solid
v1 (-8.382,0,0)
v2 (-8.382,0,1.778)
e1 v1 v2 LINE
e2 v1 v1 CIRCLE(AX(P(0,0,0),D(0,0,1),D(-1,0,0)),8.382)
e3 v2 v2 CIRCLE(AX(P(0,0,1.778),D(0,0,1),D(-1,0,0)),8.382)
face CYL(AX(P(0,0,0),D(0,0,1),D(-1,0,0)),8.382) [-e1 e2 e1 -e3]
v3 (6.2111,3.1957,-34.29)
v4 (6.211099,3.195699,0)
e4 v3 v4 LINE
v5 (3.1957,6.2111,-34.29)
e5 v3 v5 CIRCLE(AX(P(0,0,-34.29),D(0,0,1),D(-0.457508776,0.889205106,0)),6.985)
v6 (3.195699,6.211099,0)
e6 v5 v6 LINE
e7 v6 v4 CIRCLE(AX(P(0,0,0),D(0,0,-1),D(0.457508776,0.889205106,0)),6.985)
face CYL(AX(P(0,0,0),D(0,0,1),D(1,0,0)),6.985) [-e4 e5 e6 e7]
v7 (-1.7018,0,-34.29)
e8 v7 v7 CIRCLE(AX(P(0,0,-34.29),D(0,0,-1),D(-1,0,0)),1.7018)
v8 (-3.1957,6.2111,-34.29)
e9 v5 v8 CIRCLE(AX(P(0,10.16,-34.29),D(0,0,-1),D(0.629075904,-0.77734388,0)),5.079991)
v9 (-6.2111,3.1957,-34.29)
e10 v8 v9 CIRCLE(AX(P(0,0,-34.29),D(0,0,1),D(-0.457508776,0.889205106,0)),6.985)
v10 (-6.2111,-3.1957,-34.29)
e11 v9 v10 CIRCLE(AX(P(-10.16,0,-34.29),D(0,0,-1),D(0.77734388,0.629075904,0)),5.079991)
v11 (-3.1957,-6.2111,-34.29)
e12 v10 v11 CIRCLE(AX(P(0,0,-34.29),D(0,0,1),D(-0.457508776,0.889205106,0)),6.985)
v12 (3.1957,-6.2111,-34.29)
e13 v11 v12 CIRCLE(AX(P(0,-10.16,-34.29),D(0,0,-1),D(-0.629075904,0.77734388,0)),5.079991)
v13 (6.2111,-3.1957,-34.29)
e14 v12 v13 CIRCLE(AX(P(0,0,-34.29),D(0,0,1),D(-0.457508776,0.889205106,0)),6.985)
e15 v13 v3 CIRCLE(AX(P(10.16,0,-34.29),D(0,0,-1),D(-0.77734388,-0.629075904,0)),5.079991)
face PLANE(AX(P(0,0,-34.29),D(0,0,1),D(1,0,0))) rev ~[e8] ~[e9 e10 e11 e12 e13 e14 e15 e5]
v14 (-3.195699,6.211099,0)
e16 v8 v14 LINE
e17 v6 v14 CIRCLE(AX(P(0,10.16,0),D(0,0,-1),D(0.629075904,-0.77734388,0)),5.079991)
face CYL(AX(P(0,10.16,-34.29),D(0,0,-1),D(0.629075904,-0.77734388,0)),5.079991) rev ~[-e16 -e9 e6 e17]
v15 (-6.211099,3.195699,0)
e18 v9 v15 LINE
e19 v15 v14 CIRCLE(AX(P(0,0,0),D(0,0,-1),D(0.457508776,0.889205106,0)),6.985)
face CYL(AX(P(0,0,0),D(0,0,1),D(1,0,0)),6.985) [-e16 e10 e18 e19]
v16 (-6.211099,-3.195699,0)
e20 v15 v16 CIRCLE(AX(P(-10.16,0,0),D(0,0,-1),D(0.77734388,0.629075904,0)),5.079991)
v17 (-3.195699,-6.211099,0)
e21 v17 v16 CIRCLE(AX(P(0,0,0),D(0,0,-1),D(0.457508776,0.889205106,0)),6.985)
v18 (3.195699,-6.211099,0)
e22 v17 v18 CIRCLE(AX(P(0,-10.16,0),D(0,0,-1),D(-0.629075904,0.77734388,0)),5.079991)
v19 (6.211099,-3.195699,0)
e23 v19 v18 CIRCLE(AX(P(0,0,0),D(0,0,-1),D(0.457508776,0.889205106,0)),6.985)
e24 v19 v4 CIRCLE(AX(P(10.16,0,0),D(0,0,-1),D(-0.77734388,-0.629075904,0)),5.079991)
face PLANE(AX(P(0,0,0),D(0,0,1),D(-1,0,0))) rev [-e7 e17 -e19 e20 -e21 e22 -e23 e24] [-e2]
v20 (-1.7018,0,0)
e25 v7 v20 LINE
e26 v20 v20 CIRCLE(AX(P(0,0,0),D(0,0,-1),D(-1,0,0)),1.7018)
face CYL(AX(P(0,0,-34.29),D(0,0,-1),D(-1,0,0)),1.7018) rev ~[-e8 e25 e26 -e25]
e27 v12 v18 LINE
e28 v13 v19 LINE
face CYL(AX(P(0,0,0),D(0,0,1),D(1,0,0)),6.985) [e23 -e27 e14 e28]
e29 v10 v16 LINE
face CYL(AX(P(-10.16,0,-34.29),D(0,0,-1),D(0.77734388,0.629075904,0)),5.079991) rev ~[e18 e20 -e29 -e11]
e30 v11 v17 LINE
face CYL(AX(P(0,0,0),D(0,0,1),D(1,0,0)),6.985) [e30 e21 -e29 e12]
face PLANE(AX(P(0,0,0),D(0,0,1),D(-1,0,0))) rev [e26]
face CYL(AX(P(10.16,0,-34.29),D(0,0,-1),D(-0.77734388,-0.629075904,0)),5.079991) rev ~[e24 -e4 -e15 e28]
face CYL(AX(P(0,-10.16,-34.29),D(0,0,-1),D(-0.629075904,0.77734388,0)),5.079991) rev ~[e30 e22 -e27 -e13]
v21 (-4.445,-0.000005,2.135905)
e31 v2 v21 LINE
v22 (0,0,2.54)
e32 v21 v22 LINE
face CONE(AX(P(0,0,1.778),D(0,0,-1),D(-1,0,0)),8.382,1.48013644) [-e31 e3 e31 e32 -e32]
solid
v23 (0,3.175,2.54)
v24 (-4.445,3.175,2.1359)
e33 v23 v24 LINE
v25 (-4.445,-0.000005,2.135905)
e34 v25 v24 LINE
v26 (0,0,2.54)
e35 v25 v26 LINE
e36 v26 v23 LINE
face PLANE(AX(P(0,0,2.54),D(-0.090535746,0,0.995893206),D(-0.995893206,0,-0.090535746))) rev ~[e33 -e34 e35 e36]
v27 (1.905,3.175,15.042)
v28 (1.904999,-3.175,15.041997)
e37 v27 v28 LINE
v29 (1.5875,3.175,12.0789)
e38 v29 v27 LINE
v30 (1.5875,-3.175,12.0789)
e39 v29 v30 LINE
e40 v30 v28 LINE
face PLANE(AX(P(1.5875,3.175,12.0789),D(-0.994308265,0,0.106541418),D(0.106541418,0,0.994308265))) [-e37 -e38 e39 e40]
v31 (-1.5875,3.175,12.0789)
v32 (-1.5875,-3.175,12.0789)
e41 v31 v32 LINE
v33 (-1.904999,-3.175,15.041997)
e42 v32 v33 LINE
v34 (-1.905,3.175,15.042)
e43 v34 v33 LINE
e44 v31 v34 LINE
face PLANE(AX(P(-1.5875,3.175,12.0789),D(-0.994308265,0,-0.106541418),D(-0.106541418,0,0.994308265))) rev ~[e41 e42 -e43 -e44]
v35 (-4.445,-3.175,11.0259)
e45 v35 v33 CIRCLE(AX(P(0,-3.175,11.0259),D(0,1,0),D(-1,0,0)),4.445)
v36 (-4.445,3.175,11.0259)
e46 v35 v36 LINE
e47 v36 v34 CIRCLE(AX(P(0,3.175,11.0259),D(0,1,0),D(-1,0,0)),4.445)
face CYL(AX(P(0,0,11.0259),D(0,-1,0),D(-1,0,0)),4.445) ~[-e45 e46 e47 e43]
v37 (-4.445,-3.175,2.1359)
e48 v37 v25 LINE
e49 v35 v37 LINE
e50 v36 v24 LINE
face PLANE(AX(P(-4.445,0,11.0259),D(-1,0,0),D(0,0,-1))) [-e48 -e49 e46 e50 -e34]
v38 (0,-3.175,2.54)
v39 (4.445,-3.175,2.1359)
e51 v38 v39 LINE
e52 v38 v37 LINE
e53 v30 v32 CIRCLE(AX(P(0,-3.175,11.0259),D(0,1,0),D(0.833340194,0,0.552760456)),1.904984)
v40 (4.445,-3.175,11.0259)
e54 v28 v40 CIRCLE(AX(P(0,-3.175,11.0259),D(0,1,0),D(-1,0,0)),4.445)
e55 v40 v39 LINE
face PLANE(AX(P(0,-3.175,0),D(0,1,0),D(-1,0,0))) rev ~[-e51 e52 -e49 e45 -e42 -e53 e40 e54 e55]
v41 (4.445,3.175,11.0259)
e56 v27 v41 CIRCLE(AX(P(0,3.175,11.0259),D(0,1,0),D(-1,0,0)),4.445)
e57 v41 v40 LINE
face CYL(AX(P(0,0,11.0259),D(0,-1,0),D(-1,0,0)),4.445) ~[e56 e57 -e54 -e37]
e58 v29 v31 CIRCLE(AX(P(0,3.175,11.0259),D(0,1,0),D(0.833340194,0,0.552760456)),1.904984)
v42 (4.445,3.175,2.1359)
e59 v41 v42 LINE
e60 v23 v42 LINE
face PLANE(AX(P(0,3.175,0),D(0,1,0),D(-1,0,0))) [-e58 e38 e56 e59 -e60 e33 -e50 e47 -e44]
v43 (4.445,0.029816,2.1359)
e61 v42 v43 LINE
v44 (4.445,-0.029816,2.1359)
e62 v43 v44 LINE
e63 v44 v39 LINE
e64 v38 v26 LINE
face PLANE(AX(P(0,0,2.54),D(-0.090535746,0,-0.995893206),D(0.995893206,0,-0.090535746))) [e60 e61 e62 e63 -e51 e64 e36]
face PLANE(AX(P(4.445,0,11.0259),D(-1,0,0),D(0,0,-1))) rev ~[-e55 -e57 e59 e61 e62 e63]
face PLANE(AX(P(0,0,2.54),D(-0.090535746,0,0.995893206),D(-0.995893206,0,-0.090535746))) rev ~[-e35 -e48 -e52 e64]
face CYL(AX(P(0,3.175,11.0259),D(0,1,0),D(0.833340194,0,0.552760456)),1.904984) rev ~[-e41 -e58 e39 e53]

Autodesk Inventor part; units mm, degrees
ref_plane "YZ Plane" through (0, 0, 0) normal (1, 0, 0) x (0, 1, 0)
ref_plane "XZ Plane" through (0, 0, 0) normal (0, 1, 0) x (-1, 0, 0)
ref_plane "XY Plane" through (0, 0, 0) normal (0, 0, 1) x (1, 0, 0)
sketch "Sketch1" plane through (0, 0, 0) normal (0, 0, 1) x (1, 0, 0)
  circle A0 centre (0, 0) radius 6.985
  dimension "d0" = 13.97
extrude "Extrusion1" add sketch "Sketch1" against normal blind 34.29
sketch "Sketch2" plane through (0, 0, -34.29) normal (0, 0, -1) x (-1, 0, 0)
  circle A0 centre (0, 0) radius 1.7018
  dimension "d3" = 3.4036
extrude "Extrusion2" cut sketch "Sketch2" against normal blind 36.322
sketch "Sketch3" plane through (0, 0, -34.29) normal (0, 0, -1) x (-1, 0, 0)
  circle A0 centre (0, 0) radius 6.985 projected
  arc A1 (-3.1957, 6.2111) -> (3.1957, 6.2111) centre (0, 10.16) ccw
  circle A2 centre (0, 0) radius 6.985 projected
  line L0 (0, 10.16) -> (0, 0) construction
  dimension "d6" = 10.16
  dimension "d7" = 5.08
extrude "Extrusion3" cut sketch "Sketch3" against normal through all contours A1 A0 picked at (-0.9288, 6.328)
pattern_circular "Circular Pattern1" count 4 over 360 about axis through (0, 0, -34.29) along (0, 0, 1) of "Extrusion3"
sketch "Sketch4" plane through (0, 0, 0) normal (0, 1, 0) x (-1, 0, 0)
  line L0 (0, 0) -> (8.382, 0)
  line L1 (8.382, 0) -> (8.382, 1.778)
  line L2 (8.382, 1.778) -> (0, 2.54)
  line L3 (0, 2.54) -> (0, 0)
  line L4 (-3.1957, 0) -> (3.1957, 0) projected
  line L5 (0, -41.656) -> (0, 9.906) projected
  dimension "d13" = 8.382
  dimension "d14" = 1.778
  dimension "d15" = 2.54
revolve "Revolution1" add sketch "Sketch4" angle 360 about axis through (0, 0, -10) along (0, 0, 1)
sketch "Sketch5" plane through (0, 0, 0) normal (0, 1, 0) x (-1, 0, 0)
  arc A0 (0, 6.5809) -> (4.445, 11.0259) centre (0, 11.0259) ccw construction
  line L0 (0, 2.54) -> (-8.382, 1.778) projected
  line L1 (0, 2.54) -> (8.382, 1.778) projected
  line L2 (0, 2.54) -> (0, 11.0259) construction
  line L3 (-4.445, 11.0259) -> (-4.445, 2.1359)
  line L4 (4.445, 11.0259) -> (4.445, 2.1359)
  arc A1 (-4.445, 11.0259) -> (0, 6.5809) centre (0, 11.0259) ccw construction
  arc A2 (4.445, 11.0259) -> (-4.445, 11.0259) centre (0, 11.0259) ccw
  point P0 (0, 0)
  dimension "d17" = 8.89
  dimension "d18" = 8.89
extrude "Extrusion4" add sketch "Sketch5" along normal mid plane 6.35
sketch "Sketch6" plane through (0, 3.175, 0) normal (0, 1, 0) x (1, 0, 0)
  arc A0 (-4.445, -11.0259) -> (4.445, -11.0259) centre (0, -11.0259) ccw projected
  arc A1 (1.5875, -12.0789) -> (-1.5875, -12.0789) centre (0, -11.0259) ccw
  line L0 (1.5875, -12.0789) -> (1.905, -15.042)
  line L1 (-1.5875, -12.0789) -> (-1.905, -15.042)
  arc A2 (-1.5875, -12.0789) -> (1.5875, -12.0789) centre (0, -11.0259) ccw construction
  line L2 (1.905, -15.042) -> (-1.905, -15.042) construction
  line L3 (1.5875, -12.0789) -> (-1.5875, -12.0789) construction
  point P0 (0, 0)
  dimension "d22" = 3.81
  dimension "d23" = 3.175
  dimension "d24" = 3.81
extrude "Extrusion5" cut sketch "Sketch6" against normal through all
properties part number "Top"
